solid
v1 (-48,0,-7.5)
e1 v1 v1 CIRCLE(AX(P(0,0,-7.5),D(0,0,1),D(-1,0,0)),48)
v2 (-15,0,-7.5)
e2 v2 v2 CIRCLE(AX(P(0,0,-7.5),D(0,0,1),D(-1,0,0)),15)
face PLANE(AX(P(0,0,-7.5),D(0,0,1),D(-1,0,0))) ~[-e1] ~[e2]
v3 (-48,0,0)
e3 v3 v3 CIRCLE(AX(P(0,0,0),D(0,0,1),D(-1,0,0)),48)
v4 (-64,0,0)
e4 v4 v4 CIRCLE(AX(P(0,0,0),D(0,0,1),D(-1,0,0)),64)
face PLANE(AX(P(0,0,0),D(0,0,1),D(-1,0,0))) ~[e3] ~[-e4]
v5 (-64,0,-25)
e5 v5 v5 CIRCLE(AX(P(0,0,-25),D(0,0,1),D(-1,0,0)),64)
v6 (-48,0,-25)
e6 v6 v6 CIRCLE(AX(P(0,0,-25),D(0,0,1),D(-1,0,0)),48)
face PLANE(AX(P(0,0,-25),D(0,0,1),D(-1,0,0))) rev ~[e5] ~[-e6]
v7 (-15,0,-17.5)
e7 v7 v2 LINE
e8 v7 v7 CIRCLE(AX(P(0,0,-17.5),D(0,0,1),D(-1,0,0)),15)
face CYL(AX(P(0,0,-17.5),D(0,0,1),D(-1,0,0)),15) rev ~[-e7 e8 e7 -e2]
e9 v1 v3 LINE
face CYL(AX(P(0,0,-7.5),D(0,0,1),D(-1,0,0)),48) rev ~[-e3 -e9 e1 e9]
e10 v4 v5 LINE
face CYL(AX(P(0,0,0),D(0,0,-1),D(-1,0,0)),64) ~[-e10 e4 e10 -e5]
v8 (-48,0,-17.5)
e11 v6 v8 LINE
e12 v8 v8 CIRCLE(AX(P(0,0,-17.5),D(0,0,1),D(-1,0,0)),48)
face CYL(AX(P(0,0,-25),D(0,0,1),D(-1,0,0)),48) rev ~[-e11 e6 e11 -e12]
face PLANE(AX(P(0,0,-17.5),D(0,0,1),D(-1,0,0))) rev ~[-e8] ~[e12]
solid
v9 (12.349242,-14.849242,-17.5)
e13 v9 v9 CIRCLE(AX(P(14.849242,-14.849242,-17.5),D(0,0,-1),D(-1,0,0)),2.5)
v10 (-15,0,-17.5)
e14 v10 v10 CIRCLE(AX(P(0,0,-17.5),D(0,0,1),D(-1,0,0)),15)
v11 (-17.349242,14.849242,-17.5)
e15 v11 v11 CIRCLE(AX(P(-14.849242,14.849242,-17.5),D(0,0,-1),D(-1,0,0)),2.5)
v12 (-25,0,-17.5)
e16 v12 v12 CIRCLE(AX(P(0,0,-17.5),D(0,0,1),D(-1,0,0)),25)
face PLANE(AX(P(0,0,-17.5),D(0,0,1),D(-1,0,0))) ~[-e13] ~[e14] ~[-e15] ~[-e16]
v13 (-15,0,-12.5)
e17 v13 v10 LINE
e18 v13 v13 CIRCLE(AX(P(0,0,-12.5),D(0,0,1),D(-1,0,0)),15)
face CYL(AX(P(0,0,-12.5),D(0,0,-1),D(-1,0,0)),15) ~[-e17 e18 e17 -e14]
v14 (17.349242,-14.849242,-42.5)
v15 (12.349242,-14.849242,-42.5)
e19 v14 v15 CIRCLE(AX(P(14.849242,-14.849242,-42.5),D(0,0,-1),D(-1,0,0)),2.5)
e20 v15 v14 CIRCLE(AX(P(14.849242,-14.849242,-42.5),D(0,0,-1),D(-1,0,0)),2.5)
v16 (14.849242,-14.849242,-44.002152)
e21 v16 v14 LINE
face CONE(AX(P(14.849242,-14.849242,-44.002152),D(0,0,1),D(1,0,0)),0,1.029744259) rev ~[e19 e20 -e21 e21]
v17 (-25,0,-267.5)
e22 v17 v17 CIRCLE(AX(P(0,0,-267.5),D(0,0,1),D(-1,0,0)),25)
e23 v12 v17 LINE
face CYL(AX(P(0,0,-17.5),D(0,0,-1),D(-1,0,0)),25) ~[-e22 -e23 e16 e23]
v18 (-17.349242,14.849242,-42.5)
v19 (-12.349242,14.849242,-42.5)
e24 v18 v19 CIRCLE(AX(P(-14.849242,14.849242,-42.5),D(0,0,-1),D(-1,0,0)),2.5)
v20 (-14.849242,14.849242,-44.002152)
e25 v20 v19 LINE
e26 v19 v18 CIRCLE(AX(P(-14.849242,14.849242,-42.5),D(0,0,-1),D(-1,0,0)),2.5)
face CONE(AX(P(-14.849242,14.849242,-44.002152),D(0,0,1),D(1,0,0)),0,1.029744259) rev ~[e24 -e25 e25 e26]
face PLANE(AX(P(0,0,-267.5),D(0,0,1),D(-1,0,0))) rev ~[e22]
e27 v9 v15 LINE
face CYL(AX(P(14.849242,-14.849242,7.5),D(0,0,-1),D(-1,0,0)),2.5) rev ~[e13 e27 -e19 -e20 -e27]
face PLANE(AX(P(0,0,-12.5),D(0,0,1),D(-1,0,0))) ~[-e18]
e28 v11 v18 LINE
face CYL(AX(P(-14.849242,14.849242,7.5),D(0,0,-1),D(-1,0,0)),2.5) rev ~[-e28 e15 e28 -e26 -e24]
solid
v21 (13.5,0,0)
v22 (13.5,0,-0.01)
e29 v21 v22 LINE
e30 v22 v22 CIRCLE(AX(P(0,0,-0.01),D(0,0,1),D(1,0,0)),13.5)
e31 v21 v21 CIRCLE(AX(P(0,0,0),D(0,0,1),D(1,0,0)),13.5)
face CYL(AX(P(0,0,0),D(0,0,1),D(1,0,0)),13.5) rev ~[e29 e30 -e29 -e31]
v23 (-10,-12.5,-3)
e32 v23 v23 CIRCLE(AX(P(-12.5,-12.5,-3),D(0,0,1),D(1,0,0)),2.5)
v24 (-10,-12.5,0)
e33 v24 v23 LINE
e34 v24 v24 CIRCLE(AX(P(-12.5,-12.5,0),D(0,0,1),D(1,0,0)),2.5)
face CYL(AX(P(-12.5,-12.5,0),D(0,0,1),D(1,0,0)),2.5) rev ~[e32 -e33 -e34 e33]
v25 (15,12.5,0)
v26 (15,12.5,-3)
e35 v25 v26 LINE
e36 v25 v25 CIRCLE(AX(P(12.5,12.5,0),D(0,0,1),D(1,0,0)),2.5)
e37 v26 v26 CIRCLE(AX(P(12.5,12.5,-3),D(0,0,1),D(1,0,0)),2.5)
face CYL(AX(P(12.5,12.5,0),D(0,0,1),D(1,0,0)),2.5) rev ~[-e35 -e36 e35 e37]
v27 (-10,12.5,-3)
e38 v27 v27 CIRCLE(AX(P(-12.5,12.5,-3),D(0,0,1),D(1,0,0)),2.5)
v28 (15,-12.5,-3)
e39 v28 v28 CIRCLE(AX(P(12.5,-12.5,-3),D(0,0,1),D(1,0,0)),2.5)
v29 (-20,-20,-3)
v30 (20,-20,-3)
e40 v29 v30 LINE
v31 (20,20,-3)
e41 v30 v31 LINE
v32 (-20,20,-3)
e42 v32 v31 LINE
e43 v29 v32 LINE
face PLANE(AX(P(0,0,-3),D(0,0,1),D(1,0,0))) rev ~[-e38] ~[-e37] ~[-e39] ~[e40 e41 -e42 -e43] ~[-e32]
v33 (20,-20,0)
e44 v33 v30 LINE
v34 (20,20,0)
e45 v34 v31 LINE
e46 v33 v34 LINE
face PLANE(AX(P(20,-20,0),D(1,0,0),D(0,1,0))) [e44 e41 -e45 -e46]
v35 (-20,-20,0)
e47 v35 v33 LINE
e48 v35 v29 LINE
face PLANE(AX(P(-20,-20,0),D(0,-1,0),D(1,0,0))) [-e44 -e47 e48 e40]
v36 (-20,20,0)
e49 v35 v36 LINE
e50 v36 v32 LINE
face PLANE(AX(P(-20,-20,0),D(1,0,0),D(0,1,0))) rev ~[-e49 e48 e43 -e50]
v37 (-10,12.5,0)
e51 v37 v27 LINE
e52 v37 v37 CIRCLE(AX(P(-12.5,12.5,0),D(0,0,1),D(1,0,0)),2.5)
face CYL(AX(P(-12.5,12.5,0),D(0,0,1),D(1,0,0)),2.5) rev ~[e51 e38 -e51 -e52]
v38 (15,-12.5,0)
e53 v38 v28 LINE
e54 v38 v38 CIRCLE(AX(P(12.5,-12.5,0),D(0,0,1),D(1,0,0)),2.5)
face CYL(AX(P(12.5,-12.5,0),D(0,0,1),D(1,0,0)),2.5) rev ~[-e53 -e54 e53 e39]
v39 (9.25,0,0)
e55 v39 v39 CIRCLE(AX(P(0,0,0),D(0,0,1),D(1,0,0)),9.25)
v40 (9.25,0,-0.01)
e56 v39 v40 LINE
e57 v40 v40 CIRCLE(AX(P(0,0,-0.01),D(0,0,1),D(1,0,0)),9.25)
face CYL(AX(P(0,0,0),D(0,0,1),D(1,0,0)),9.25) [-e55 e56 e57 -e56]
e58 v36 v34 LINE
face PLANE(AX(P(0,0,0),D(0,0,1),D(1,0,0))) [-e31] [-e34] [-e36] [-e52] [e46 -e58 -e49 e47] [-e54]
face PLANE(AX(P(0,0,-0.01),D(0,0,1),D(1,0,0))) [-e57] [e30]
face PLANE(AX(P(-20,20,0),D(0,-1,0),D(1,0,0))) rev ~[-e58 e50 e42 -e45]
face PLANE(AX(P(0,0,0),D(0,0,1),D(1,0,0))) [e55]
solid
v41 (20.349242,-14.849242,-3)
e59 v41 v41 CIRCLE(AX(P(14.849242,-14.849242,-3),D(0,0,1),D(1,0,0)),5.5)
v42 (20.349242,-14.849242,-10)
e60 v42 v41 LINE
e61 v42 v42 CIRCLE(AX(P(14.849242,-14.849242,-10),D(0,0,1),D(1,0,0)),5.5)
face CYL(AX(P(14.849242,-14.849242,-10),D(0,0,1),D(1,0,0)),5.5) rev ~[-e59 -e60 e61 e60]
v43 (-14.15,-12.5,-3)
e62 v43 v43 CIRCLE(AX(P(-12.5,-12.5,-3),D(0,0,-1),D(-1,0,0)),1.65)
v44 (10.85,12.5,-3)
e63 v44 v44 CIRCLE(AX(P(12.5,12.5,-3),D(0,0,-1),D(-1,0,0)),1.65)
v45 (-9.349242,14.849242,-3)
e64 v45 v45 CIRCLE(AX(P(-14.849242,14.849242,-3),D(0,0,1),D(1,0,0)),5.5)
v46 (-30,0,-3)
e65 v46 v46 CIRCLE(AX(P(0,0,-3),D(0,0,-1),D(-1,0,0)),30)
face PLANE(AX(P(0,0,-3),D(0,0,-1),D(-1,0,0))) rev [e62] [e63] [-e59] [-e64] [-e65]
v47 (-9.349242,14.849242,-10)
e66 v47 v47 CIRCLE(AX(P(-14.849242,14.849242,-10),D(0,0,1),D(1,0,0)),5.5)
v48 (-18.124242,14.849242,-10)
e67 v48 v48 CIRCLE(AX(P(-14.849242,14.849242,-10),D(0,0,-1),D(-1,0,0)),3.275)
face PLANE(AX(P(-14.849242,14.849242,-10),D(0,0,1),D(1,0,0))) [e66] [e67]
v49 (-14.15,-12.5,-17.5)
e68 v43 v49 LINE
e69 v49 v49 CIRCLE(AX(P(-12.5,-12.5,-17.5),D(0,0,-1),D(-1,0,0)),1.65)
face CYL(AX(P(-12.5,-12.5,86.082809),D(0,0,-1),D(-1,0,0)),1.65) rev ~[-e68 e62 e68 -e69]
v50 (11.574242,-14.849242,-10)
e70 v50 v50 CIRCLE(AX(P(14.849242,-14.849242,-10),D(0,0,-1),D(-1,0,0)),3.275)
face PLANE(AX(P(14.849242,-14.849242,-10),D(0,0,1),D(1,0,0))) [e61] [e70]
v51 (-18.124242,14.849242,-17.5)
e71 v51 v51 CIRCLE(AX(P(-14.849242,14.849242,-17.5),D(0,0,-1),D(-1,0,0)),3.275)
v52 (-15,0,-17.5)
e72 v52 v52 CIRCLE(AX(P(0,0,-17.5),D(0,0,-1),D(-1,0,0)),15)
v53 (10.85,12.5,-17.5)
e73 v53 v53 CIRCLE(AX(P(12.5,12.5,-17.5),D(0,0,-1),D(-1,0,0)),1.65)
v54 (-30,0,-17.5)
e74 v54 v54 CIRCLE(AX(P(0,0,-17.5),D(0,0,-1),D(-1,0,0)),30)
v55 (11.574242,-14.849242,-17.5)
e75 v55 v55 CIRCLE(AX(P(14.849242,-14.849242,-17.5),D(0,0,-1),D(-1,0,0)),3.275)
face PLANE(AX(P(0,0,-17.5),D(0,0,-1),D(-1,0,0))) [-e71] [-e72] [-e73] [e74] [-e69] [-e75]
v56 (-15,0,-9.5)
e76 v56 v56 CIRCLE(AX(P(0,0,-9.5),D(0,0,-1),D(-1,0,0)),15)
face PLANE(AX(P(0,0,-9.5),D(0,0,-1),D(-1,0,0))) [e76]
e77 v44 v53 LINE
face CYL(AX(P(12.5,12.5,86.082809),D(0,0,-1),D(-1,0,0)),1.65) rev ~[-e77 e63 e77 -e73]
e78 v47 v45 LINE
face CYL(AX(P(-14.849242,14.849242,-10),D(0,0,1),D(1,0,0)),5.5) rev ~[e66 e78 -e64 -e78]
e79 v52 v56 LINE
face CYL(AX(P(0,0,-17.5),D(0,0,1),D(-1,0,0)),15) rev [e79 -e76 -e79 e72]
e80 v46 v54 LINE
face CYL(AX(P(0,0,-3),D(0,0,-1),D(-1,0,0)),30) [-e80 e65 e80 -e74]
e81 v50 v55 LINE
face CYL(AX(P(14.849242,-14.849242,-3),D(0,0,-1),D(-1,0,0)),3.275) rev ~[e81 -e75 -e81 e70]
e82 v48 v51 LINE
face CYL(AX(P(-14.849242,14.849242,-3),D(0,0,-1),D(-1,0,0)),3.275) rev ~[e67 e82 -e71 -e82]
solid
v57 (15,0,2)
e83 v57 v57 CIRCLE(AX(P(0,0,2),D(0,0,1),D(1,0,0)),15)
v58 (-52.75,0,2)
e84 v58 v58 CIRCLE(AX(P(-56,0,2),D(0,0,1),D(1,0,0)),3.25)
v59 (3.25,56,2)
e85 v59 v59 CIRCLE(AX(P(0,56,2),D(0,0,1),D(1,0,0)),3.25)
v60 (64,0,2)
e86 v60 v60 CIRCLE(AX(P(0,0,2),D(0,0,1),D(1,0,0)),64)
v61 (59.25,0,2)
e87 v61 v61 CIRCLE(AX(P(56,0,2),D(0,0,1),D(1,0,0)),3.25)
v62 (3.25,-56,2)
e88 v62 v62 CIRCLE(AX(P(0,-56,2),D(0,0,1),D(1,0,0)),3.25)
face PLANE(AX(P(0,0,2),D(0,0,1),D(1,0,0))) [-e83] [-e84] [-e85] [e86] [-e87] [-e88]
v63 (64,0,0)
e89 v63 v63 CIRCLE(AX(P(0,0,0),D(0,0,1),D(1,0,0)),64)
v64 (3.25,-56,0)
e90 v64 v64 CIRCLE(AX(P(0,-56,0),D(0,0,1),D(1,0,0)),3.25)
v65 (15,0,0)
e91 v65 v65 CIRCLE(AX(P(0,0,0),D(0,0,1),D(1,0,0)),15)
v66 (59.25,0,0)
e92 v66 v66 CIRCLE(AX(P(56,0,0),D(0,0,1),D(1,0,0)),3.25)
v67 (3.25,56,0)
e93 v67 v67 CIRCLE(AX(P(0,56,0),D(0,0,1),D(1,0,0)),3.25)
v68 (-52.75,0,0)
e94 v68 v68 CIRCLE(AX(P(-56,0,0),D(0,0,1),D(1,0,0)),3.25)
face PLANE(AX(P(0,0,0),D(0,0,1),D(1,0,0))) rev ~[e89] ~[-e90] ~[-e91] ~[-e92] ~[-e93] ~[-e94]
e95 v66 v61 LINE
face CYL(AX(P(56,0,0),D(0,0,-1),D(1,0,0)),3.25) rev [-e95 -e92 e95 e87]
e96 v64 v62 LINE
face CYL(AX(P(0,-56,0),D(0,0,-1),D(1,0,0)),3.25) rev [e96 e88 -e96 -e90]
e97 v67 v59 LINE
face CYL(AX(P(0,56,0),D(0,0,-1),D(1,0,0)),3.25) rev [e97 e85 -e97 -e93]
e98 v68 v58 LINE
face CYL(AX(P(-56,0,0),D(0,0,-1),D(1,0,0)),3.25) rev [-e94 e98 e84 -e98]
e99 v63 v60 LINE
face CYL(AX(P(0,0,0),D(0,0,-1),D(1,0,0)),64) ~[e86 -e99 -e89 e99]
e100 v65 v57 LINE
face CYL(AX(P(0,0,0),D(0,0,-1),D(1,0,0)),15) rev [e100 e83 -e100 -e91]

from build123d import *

# Parameters (mm, degrees)
F4_W            = 40
F4_H            = 40
F4_R            = 2.5
F4_R_2          = 13.5
F4_R_3          = 9.25
F5_DEPTH        = 3
F6_DEPTH        = 0.01
F7_R            = 64
F7_R_2          = 3.25
F7_R_3          = 15
F8_DEPTH        = 2
F12_D           = 3.3
F13_D           = 6.55
F13_START       = 3
F13_CBORE_D     = 11
F13_CBORE_DEPTH = 7
F14_D           = 5
F14_DEPTH       = 25
F14_START       = 17.5
F14_TIP         = 1.5021515476


with BuildPart() as f2:
    # F1 (on Front) → F2 (revolve)
    with BuildSketch(Plane.XZ):
        Polygon((-25, -17.5), (-25, -267.5), (0, -267.5), (0, -12.5), (-15, -12.5), (-15, -17.5), align=None)
    revolve(axis=Axis((0, 0, -140), (0, 0, 1)))

    # F14
    # its depths count from where the whole tool has entered the part; down to there all is cleared
    with Locations(Plane.XY.offset(-F14_START)):
        with Locations((14.8492424049, -14.8492424049), (-14.8492424049, 14.8492424049)):
            Hole(F14_D / 2, depth=F14_DEPTH)
            with Locations((0, 0, -(F14_DEPTH + F14_TIP / 2))):  # 118° drill point
                Cone(0, F14_D / 2, F14_TIP, mode=Mode.SUBTRACT)


with BuildPart() as f3:
    # F0 (on Front) → F3 (revolve)
    with BuildSketch(Plane.XZ):
        Polygon((-48, 0), (-64, 0), (-64, -25), (-48, -25), (-48, -17.5), (-15, -17.5), (-15, -7.5), (-48, -7.5), align=None)
    revolve(axis=Axis((0, 0, -140), (0, 0, 1)))


with BuildPart() as f5:
    # F4 (on Top) → F5 (new body)
    with BuildSketch(Plane.XY):
        Rectangle(F4_W, F4_H)
        with Locations((-12.5, -12.5)):
            Circle(F4_R, mode=Mode.SUBTRACT)
        with Locations((12.5, -12.5)):
            Circle(F4_R, mode=Mode.SUBTRACT)
        with Locations((-12.5, 12.5)):
            Circle(F4_R, mode=Mode.SUBTRACT)
        Circle(F4_R_2, mode=Mode.SUBTRACT)
        with Locations((12.5, 12.5)):
            Circle(F4_R, mode=Mode.SUBTRACT)
        Circle(F4_R_2)
        Circle(F4_R_3, mode=Mode.SUBTRACT)
        Circle(F4_R_3)
    extrude(amount=-F5_DEPTH)

    # F4 (on Top) → F6 (cut)
    with BuildSketch(Plane.XY):
        Circle(F4_R_2)
        Circle(F4_R_3, mode=Mode.SUBTRACT)
    extrude(amount=-F6_DEPTH, mode=Mode.SUBTRACT)


with BuildPart() as f8:
    # F7 (on Top) → F8 (new body)
    with BuildSketch(Plane.XY):
        Circle(F7_R)
        with Locations((0, -56)):
            Circle(F7_R_2, mode=Mode.SUBTRACT)
        with Locations((-56, 0)):
            Circle(F7_R_2, mode=Mode.SUBTRACT)
        Circle(F7_R_3, mode=Mode.SUBTRACT)
        with Locations((56, 0)):
            Circle(F7_R_2, mode=Mode.SUBTRACT)
        with Locations((0, 56)):
            Circle(F7_R_2, mode=Mode.SUBTRACT)
    extrude(amount=F8_DEPTH)


with BuildPart() as f11:
    # F10 (on Front) → F11 (revolve)
    with BuildSketch(Plane.XZ):
        Polygon((0, -3), (-30, -3), (-30, -17.5), (-15, -17.5), (-15, -9.5), (0, -9.5), align=None)
    revolve(axis=Axis((0, 0, -6.25), (0, 0, -1)))

    # F12 (through all)
    with Locations(Plane.XY):
        with Locations((-12.5, -12.5), (12.5, 12.5)):
            Hole(F12_D / 2)

    # F13 (through all)
    # its depths count from where the whole tool has entered the part; down to there all is cleared
    with Locations(Plane.XY.offset(-F13_START)):
        with Locations((-14.8492424049, 14.8492424049), (14.8492424049, -14.8492424049)):
            CounterBoreHole(F13_D / 2, F13_CBORE_D / 2, F13_CBORE_DEPTH)


solid = Compound([f2.part, f3.part, f5.part, f8.part, f11.part])
